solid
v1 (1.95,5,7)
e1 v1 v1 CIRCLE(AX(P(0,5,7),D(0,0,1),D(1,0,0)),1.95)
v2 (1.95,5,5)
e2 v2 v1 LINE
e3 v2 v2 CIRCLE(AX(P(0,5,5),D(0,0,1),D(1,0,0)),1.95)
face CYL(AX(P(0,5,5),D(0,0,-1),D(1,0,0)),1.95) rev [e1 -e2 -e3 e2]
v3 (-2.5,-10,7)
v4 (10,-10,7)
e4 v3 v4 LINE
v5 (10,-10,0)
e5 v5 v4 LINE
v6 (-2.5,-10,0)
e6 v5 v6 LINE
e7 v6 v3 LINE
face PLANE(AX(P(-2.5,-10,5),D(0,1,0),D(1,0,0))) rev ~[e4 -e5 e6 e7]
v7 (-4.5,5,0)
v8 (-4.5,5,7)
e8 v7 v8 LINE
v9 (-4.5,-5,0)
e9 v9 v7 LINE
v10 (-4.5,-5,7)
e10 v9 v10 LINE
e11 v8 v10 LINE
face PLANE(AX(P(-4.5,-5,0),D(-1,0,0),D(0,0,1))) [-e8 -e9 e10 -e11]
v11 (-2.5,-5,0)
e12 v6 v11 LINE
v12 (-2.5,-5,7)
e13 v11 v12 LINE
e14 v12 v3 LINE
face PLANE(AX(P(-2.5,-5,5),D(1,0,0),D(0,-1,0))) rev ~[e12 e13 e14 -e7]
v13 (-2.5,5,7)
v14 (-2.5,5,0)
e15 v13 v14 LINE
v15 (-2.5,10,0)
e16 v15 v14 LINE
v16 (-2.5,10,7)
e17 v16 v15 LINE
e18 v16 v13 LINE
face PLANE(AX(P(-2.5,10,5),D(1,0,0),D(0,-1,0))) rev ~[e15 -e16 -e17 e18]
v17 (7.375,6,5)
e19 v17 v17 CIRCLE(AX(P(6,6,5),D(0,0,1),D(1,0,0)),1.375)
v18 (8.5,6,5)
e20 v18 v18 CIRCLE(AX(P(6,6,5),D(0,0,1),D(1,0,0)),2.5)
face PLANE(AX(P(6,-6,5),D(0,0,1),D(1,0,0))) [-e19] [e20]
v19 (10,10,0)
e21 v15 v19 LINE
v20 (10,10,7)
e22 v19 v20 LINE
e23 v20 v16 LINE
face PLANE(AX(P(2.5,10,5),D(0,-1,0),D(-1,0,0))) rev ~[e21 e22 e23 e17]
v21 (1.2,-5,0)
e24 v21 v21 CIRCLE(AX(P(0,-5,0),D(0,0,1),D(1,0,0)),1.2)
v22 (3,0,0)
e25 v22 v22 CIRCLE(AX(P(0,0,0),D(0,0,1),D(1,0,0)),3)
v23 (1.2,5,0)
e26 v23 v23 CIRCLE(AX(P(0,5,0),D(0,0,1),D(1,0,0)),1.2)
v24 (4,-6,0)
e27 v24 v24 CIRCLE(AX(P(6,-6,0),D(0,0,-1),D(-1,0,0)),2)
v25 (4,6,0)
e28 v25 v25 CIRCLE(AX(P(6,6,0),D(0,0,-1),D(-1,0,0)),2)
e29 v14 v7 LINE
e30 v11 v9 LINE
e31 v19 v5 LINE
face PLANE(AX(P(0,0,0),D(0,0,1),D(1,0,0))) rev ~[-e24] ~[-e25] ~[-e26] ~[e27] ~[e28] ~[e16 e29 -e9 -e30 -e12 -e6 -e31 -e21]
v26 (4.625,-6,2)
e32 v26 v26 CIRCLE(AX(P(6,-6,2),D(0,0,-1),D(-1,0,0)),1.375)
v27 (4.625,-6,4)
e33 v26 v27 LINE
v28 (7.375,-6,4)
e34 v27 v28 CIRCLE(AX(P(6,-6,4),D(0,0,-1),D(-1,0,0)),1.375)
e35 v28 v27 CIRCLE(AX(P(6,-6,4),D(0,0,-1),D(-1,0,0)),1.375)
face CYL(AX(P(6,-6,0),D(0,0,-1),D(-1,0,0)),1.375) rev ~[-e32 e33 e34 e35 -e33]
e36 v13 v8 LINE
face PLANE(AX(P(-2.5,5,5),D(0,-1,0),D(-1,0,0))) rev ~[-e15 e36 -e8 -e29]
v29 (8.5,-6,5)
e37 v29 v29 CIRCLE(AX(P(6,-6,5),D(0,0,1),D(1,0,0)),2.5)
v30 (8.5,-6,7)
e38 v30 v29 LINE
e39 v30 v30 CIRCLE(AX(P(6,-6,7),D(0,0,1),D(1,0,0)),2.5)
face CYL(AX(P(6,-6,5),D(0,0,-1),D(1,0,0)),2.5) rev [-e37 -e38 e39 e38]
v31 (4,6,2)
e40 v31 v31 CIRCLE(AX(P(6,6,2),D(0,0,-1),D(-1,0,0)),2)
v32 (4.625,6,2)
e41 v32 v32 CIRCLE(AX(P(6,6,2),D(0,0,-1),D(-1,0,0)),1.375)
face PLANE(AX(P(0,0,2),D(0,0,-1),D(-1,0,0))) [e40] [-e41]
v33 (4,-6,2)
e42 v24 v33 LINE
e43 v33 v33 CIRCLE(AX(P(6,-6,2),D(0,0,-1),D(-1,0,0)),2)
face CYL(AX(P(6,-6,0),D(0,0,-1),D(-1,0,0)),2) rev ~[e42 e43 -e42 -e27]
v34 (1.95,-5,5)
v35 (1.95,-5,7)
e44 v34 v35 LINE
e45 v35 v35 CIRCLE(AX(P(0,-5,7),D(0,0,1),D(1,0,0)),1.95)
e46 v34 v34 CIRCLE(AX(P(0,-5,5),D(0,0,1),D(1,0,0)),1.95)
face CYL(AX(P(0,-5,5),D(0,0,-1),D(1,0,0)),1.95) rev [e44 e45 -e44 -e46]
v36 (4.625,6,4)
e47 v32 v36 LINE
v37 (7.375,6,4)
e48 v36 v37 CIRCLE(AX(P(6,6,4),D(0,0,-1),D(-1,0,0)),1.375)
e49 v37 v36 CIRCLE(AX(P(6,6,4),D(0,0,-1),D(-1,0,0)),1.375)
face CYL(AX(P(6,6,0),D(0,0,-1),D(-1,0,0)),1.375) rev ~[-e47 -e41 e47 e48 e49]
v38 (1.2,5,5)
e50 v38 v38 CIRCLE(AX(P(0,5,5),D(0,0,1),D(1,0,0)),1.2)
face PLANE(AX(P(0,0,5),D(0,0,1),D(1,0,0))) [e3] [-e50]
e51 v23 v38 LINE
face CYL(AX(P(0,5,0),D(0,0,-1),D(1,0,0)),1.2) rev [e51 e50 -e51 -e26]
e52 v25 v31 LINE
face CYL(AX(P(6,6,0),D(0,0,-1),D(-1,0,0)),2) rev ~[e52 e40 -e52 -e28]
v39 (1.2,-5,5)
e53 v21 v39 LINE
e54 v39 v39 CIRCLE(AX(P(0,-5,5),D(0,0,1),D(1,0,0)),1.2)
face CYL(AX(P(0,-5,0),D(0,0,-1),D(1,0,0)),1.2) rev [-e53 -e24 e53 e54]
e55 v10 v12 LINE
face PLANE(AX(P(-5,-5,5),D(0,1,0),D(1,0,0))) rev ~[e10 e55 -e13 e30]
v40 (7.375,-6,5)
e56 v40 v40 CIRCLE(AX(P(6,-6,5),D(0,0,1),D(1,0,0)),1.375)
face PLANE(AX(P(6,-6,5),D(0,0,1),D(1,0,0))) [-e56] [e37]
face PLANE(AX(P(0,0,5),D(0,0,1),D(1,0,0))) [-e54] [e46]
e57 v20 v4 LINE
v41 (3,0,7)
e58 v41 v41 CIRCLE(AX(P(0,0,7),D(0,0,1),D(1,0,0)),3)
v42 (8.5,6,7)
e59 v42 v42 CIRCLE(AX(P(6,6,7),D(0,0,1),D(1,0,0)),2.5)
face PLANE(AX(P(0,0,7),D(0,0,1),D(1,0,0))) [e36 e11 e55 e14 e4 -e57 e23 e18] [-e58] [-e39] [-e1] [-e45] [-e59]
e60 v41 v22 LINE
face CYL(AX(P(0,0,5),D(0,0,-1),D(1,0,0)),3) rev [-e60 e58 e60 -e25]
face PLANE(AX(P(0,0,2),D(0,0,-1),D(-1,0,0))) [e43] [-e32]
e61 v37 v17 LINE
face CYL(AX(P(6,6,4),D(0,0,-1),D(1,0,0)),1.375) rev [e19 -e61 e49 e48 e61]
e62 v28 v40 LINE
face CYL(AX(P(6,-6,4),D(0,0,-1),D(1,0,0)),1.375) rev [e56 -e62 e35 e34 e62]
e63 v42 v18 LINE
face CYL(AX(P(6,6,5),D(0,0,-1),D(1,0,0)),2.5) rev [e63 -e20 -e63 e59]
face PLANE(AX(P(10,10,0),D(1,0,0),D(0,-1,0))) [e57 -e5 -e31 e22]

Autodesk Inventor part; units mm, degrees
ref_plane "YZ Plane" through (0, 0, 0) normal (1, 0, 0) x (0, 1, 0)
ref_plane "XZ Plane" through (0, 0, 0) normal (0, 1, 0) x (-1, 0, 0)
ref_plane "XY Plane" through (0, 0, 0) normal (0, 0, 1) x (1, 0, 0)
sketch "Sketch1" plane through (0, 0, 0) normal (0, 0, 1) x (1, 0, 0)
  line L0 (10, -10) -> (-10, -10)
  line L1 (-10, -10) -> (-10, 10)
  line L2 (-10, 10) -> (10, 10)
  line L3 (10, 10) -> (10, -10)
  circle A0 centre (0, 5) radius 1.2
  circle A1 centre (0, -5) radius 1.2
  circle A2 centre (0, 0) radius 3
  dimension "d0" = 10
  dimension "d1" = 10
  dimension "d2" = 10
  dimension "d3" = 10
  dimension "d4" = 5
  dimension "d5" = 5
  dimension "d6" = 2.4
  dimension "d7" = 2.4
  dimension "d8" = 6
extrude "Extrusion1" add sketch "Sketch1" along normal blind 5
sketch "Sketch2" plane through (0, 0, 5) normal (0, 0, 1) x (1, 0, 0)
  line L0 (0, 0) -> (-1.3346, -1.3533)
  circle A0 centre (6, -6) radius 2.5
  circle A1 centre (6, 6) radius 2.5
  line L1 (10, -10) -> (10, 10) projected
  line L2 (-10, -10) -> (10, -10) projected
  line L3 (10, 10) -> (-10, 10) projected
  dimension "d34" = 4
  dimension "d35" = 4
  dimension "d36" = 4
  dimension "d37" = 4
  dimension "d38" = 5
  dimension "d39" = 5
extrude "Extrusion2" cut sketch "Sketch2" against normal blind 1
sketch "Sketch7" plane through (0, 0, 0) normal (0, 0, -1) x (-1, 0, 0)
  circle A0 centre (-6, 6) radius 2.5 projected
  circle A1 centre (-6, 6) radius 1.375
  circle A2 centre (-6, -6) radius 2.5 projected
  circle A3 centre (-6, -6) radius 1.375
  point P0 (0, 0)
  dimension "d40" = 2.75
  dimension "d41" = 2.75
extrude "Extrusion6" cut sketch "Sketch7" against normal blind 5 contours A1 | A3
sketch "Sketch8" plane through (0, 0, 5) normal (0, 0, 1) x (1, 0, 0)
  line L0 (10, 10) -> (-10, 10) projected
  line L1 (10, 10) -> (2.5, 10)
  line L2 (2.5, 10) -> (2.5, 2.5)
  line L3 (2.5, 2.5) -> (10, 2.5)
  line L4 (10, 2.5) -> (10, 10)
  line L5 (10, -10) -> (10, 10) projected
  line L6 (10, -10) -> (2.5, -10)
  line L7 (2.5, -10) -> (2.5, -2.5)
  line L8 (2.5, -2.5) -> (10, -2.5)
  line L9 (10, -2.5) -> (10, -10)
  line L10 (10, -2.5) -> (5, -2.5)
  line L11 (5, -2.5) -> (5, 2.5)
  line L12 (5, 2.5) -> (10, 2.5)
  line L13 (10, 2.5) -> (10, -2.5)
  circle A0 centre (6, 6) radius 2.5 projected
  circle A1 centre (6, 6) radius 2.5
  circle A2 centre (6, -6) radius 2.5 projected
  circle A3 centre (6, -6) radius 2.5
  point P0 (0, 0)
  point P1 (2.5, 10)
  dimension "d44" = 7.5
  dimension "d45" = 7.5
  dimension "d46" = 7.5
  dimension "d47" = 7.5
  dimension "d48" = 5
extrude "Extrusion7" add sketch "Sketch8" along normal blind 2
sketch "Sketch9" plane through (0, 0, 0) normal (0, 0, -1) x (-1, 0, 0)
  circle A0 centre (-6, 6) radius 1.375 projected
  circle A1 centre (-6, 6) radius 2
  circle A2 centre (-6, -6) radius 1.375 projected
  circle A3 centre (-6, -6) radius 2
  point P0 (0, 0)
  dimension "d51" = 4
  dimension "d52" = 4
extrude "Extrusion8" cut sketch "Sketch9" against normal blind 2 contours A0 | A1 | A2 | A3
sketch "Sketch10" plane through (0, 0, 0) normal (0, 0, -1) x (-1, 0, 0)
  line L0 (-2.5, 10) -> (10, 10) projected
  line L1 (10, -10) -> (-2.5, -10) projected
  line L2 (10, 10) -> (5, 10)
  line L3 (5, 10) -> (5, -10)
  line L4 (5, -10) -> (10, -10)
  line L5 (10, -10) -> (10, 10)
  line L6 (5, 10) -> (2.5, 10)
  line L7 (2.5, 10) -> (2.5, 5)
  line L8 (2.5, 5) -> (5, 5)
  line L9 (5, 5) -> (5, 10)
  line L10 (5, -10) -> (2.5, -10)
  line L11 (2.5, -10) -> (2.5, -5)
  line L12 (2.5, -5) -> (5, -5)
  line L13 (5, -5) -> (5, -10)
  point P0 (0, 0)
  point P1 (2.5, 10)
  dimension "d55" = 5
  dimension "d56" = 2.5
  dimension "d57" = 5
  dimension "d58" = 5
  dimension "d59" = 2.5
extrude "Extrusion9" cut sketch "Sketch10" against normal blind 10
sketch "Sketch12" plane through (6, -6, 4) normal (0, 0, 1) x (1, 0, 0)
  circle A0 centre (0, 0) radius 1.375 projected
  circle A1 centre (0, 0) radius 2.5 projected
  circle A2 centre (0, 12) radius 2 projected
  circle A3 centre (0, 12) radius 1.375 projected
  circle A4 centre (0, 12) radius 2.5 projected
  point P0 (-6, 6)
extrude "Extrusion11" add sketch "Sketch12" along normal blind 1 contours A1 | A2 | A4
sketch "Sketch13" plane through (0, 0, 5) normal (0, 0, 1) x (1, 0, 0)
  point P0 (0, 0)
sketch "Sketch14" plane through (0, 0, 5) normal (0, 0, 1) x (1, 0, 0)
  line L0 (-2.5, -5) -> (-2.5, -10) projected
  line L1 (-2.5, -10) -> (2.5, -10) projected
  line L2 (2.5, -10) -> (2.5, -2.5) projected
  line L3 (2.5, -2.5) -> (5, -2.5) projected
  line L4 (5, -2.5) -> (5, 2.5) projected
  line L5 (5, 2.5) -> (2.5, 2.5) projected
  line L6 (2.5, 2.5) -> (2.5, 10) projected
  line L7 (2.5, 10) -> (-2.5, 10) projected
  line L8 (-2.5, 10) -> (-2.5, 5) projected
  line L9 (-2.5, 5) -> (-5, 5) projected
  line L10 (-5, 5) -> (-5, -5) projected
  line L11 (-5, -5) -> (-2.5, -5) projected
  circle A0 centre (0, 0) radius 3 projected
  circle A1 centre (0, -5) radius 1.2 projected
  circle A2 centre (0, 5) radius 1.2 projected
  circle A3 centre (0, -5) radius 1.95
  circle A4 centre (0, 5) radius 1.95
  dimension "d80" = 3.9
  dimension "d81" = 3.9
extrude "Extrusion12" add sketch "Sketch14" along normal blind 2 contours L11 L10 L9 L8 L7 L6 L5 L4 L3 L2 L1 L0
sketch "Sketch15" plane through (-5, -5, 0) normal (-1, 0, 0) x (0, 0, 1)
  line L0 (0, 10) -> (7, 10) projected
  line L1 (0, 0) -> (0, 10) projected
  line L2 (0, 0) -> (7, 0) projected
  line L3 (7, 10) -> (7, 0) projected
  point P0 (0, 5)
extrude "Extrusion13" cut sketch "Sketch15" against normal blind 0.5
equation "\"d1\" = d0"
equation "\"d2\" = d0"
equation "\"d3\" = d2"
equation "\"d5\" = d4"
equation "\"d7\" = d6"
equation "\"d39\" = d38"
equation "\"d45\" = d44"
equation "\"d46\" = d45"
equation "\"d52\" = d51"
equation "\"d81\" = d80"
properties part number "MotorMount"
